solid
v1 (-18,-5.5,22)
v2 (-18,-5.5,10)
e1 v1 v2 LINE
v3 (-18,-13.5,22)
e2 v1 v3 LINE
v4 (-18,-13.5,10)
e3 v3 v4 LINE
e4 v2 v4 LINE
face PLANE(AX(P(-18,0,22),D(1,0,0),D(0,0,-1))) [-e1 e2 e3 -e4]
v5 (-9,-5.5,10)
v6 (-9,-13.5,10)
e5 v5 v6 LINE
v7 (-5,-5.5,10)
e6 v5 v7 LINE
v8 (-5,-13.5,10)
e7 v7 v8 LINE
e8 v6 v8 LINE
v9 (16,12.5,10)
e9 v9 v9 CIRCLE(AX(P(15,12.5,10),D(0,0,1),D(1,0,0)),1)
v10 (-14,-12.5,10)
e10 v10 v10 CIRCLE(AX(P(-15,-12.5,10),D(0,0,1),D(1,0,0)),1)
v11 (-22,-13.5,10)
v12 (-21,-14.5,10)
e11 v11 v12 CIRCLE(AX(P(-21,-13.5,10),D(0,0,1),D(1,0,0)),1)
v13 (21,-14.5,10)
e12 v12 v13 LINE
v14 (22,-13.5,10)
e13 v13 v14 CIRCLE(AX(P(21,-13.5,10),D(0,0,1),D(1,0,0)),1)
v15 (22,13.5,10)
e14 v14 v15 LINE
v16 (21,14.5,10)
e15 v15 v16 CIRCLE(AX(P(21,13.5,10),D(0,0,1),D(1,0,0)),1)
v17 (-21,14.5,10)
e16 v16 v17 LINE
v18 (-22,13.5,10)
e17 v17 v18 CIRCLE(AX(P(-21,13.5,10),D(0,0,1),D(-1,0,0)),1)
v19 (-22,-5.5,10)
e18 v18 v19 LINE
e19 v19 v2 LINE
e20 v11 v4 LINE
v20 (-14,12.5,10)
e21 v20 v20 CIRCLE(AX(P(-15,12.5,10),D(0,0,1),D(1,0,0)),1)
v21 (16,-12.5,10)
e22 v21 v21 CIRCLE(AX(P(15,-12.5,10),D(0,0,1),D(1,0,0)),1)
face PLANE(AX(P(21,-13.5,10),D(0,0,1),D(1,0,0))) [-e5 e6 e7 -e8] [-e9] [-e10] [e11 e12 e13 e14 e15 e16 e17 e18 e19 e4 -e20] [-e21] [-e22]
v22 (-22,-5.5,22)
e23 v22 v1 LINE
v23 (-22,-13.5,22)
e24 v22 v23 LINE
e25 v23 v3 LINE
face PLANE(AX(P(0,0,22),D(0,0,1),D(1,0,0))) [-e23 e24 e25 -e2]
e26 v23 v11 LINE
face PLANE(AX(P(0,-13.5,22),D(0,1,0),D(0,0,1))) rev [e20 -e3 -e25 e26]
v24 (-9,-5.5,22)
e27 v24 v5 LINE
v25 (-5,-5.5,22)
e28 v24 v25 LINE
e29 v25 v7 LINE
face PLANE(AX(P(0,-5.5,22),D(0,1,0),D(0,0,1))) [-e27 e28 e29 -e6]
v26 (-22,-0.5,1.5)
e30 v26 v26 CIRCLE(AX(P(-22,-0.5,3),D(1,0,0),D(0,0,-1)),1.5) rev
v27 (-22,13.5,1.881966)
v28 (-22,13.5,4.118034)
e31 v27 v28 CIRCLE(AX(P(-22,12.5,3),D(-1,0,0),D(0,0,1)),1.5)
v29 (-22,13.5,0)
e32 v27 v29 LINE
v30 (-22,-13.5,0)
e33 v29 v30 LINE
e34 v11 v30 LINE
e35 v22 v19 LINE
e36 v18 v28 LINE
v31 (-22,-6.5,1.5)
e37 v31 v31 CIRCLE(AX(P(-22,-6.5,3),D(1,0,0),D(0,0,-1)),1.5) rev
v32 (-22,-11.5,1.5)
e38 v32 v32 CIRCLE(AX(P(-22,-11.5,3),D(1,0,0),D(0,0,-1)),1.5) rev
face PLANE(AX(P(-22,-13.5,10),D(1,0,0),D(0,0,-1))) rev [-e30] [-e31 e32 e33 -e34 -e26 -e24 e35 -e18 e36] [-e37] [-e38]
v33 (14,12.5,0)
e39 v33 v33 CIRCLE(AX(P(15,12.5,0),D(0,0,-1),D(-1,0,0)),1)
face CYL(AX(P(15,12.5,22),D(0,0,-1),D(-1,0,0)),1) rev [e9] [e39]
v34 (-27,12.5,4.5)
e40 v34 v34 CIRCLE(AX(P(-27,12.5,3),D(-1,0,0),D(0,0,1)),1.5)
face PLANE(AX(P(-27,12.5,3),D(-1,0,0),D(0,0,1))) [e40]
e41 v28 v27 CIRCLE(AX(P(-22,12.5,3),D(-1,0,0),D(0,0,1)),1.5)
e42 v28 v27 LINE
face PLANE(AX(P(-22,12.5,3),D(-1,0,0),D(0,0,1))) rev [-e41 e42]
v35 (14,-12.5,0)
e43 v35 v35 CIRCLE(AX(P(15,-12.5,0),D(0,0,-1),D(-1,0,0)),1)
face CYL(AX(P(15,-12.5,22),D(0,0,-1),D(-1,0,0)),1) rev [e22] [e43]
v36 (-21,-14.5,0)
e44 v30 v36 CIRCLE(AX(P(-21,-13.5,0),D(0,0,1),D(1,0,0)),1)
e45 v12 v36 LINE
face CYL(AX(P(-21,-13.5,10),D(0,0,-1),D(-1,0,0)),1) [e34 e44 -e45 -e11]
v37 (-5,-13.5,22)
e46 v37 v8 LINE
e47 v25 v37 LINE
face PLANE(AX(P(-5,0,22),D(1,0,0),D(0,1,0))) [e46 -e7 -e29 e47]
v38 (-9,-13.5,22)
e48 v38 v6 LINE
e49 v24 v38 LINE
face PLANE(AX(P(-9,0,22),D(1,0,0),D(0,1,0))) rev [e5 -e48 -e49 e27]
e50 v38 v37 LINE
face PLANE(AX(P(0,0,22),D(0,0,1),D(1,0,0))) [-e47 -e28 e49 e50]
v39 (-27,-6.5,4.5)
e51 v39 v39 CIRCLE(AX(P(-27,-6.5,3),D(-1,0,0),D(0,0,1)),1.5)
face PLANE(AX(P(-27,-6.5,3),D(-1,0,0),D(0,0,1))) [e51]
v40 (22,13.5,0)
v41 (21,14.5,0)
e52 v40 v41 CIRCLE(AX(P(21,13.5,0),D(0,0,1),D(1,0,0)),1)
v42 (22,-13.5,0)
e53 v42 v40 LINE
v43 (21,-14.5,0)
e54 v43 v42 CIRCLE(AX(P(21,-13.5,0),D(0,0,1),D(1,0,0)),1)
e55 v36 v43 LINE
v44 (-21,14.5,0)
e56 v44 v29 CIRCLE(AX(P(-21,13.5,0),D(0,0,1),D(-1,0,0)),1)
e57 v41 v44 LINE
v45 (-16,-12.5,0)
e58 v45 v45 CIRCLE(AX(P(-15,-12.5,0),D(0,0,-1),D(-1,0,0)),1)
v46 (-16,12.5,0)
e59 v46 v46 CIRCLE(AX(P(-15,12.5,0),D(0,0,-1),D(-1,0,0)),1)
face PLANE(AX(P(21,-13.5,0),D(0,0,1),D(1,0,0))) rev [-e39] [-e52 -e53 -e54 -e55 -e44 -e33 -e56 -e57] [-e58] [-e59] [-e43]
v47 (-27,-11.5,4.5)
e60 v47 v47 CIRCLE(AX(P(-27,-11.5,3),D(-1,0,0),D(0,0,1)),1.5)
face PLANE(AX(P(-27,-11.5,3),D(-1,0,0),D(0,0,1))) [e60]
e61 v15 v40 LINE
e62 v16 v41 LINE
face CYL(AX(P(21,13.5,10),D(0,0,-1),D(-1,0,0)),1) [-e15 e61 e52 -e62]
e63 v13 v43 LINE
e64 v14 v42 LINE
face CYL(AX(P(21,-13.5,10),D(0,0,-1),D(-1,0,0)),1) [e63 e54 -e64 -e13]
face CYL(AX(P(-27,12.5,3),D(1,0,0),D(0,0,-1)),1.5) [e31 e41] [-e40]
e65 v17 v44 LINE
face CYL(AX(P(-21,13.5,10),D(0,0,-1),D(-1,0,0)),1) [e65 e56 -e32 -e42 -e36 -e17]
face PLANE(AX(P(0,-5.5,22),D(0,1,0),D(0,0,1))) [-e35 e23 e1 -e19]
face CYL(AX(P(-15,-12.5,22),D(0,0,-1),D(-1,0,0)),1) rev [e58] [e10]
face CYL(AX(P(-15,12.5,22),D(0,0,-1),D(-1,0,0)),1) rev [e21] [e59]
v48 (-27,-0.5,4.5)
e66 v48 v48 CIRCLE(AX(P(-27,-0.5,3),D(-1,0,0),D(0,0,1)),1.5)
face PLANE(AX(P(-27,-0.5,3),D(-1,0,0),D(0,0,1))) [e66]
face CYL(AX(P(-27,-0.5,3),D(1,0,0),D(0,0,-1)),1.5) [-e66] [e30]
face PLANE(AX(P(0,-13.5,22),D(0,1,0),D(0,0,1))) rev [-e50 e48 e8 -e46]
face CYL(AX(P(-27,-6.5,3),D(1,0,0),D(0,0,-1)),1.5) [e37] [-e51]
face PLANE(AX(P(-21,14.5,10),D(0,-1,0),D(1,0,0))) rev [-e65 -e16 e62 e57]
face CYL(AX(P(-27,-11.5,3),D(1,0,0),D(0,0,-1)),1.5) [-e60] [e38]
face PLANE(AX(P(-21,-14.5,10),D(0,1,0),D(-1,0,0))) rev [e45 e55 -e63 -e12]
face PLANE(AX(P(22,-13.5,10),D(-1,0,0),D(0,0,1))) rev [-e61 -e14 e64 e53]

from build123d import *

# Parameters (mm, degrees)
BOSS_EXTRUDE1_DEPTH = 10
SKETCH2_R           = 1.5
BOSS_EXTRUDE2_DEPTH = 5
SKETCH3_W           = 4
SKETCH3_H           = 8
BOSS_EXTRUDE3_DEPTH = 12
SKETCH4_R           = 1
CUT_EXTRUDE1_DEPTH  = 38.725985739


with BuildPart() as part:
    # Sketch1 → Boss-Extrude1 (new body)
    with BuildSketch(Plane(origin=(0, 0, 0), x_dir=(0, 1, 0), z_dir=(0, 0, 1))):
        with BuildLine():
            Line((-13.5, 22), (13.5, 22))
            ThreePointArc((13.5, 22), (14.207106781, 21.707106781), (14.5, 21))
            Line((14.5, 21), (14.5, -21))
            ThreePointArc((14.5, -21), (14.207106781, -21.707106781), (13.5, -22))
            Line((13.5, -22), (-13.5, -22))
            ThreePointArc((-13.5, -22), (-14.207106781, -21.707106781), (-14.5, -21))
            Line((-14.5, -21), (-14.5, 21))
            ThreePointArc((-14.5, 21), (-14.207106781, 21.707106781), (-13.5, 22))
        make_face()
    extrude(amount=BOSS_EXTRUDE1_DEPTH)

    # Sketch2 → Boss-Extrude2 (add)
    with BuildSketch(Plane(origin=(-22, 0, 0), x_dir=(0, -1, 0), z_dir=(-1, 0, 0))):
        with Locations(Location((-12.5, 3, 0), (0, 0, 228.189685104))):
            Circle(SKETCH2_R)
        with Locations(Location((0.5, 3, 0), (0, 0, 270))):
            Circle(SKETCH2_R)
        with Locations(Location((6.5, 3, 0), (0, 0, 270))):
            Circle(SKETCH2_R)
        with Locations(Location((11.5, 3, 0), (0, 0, 270))):
            Circle(SKETCH2_R)
    extrude(amount=BOSS_EXTRUDE2_DEPTH)

    # Sketch3 → Boss-Extrude3 (add)
    with BuildSketch(Plane.XY.offset(10)):
        with Locations((-7, -9.5)):
            Rectangle(SKETCH3_W, SKETCH3_H)
        with Locations((-20, -9.5)):
            Rectangle(SKETCH3_W, SKETCH3_H)
    extrude(amount=BOSS_EXTRUDE3_DEPTH)

    # Sketch4 → Cut-Extrude1 (cut, through all)
    with BuildSketch(Plane(origin=(0, 0, 0), x_dir=(1, 0, 0), z_dir=(0, 0, -1))):
        with Locations(Location((-15, 12.5, 0), (0, 0, 180))):
            Circle(SKETCH4_R)
        with Locations(Location((15, 12.5, 0), (0, 0, 180))):
            Circle(SKETCH4_R)
        with Locations(Location((15, -12.5, 0), (0, 0, 180))):
            Circle(SKETCH4_R)
        with Locations(Location((-15, -12.5, 0), (0, 0, 180))):
            Circle(SKETCH4_R)
    extrude(amount=-CUT_EXTRUDE1_DEPTH, mode=Mode.SUBTRACT)


solid = part.part
